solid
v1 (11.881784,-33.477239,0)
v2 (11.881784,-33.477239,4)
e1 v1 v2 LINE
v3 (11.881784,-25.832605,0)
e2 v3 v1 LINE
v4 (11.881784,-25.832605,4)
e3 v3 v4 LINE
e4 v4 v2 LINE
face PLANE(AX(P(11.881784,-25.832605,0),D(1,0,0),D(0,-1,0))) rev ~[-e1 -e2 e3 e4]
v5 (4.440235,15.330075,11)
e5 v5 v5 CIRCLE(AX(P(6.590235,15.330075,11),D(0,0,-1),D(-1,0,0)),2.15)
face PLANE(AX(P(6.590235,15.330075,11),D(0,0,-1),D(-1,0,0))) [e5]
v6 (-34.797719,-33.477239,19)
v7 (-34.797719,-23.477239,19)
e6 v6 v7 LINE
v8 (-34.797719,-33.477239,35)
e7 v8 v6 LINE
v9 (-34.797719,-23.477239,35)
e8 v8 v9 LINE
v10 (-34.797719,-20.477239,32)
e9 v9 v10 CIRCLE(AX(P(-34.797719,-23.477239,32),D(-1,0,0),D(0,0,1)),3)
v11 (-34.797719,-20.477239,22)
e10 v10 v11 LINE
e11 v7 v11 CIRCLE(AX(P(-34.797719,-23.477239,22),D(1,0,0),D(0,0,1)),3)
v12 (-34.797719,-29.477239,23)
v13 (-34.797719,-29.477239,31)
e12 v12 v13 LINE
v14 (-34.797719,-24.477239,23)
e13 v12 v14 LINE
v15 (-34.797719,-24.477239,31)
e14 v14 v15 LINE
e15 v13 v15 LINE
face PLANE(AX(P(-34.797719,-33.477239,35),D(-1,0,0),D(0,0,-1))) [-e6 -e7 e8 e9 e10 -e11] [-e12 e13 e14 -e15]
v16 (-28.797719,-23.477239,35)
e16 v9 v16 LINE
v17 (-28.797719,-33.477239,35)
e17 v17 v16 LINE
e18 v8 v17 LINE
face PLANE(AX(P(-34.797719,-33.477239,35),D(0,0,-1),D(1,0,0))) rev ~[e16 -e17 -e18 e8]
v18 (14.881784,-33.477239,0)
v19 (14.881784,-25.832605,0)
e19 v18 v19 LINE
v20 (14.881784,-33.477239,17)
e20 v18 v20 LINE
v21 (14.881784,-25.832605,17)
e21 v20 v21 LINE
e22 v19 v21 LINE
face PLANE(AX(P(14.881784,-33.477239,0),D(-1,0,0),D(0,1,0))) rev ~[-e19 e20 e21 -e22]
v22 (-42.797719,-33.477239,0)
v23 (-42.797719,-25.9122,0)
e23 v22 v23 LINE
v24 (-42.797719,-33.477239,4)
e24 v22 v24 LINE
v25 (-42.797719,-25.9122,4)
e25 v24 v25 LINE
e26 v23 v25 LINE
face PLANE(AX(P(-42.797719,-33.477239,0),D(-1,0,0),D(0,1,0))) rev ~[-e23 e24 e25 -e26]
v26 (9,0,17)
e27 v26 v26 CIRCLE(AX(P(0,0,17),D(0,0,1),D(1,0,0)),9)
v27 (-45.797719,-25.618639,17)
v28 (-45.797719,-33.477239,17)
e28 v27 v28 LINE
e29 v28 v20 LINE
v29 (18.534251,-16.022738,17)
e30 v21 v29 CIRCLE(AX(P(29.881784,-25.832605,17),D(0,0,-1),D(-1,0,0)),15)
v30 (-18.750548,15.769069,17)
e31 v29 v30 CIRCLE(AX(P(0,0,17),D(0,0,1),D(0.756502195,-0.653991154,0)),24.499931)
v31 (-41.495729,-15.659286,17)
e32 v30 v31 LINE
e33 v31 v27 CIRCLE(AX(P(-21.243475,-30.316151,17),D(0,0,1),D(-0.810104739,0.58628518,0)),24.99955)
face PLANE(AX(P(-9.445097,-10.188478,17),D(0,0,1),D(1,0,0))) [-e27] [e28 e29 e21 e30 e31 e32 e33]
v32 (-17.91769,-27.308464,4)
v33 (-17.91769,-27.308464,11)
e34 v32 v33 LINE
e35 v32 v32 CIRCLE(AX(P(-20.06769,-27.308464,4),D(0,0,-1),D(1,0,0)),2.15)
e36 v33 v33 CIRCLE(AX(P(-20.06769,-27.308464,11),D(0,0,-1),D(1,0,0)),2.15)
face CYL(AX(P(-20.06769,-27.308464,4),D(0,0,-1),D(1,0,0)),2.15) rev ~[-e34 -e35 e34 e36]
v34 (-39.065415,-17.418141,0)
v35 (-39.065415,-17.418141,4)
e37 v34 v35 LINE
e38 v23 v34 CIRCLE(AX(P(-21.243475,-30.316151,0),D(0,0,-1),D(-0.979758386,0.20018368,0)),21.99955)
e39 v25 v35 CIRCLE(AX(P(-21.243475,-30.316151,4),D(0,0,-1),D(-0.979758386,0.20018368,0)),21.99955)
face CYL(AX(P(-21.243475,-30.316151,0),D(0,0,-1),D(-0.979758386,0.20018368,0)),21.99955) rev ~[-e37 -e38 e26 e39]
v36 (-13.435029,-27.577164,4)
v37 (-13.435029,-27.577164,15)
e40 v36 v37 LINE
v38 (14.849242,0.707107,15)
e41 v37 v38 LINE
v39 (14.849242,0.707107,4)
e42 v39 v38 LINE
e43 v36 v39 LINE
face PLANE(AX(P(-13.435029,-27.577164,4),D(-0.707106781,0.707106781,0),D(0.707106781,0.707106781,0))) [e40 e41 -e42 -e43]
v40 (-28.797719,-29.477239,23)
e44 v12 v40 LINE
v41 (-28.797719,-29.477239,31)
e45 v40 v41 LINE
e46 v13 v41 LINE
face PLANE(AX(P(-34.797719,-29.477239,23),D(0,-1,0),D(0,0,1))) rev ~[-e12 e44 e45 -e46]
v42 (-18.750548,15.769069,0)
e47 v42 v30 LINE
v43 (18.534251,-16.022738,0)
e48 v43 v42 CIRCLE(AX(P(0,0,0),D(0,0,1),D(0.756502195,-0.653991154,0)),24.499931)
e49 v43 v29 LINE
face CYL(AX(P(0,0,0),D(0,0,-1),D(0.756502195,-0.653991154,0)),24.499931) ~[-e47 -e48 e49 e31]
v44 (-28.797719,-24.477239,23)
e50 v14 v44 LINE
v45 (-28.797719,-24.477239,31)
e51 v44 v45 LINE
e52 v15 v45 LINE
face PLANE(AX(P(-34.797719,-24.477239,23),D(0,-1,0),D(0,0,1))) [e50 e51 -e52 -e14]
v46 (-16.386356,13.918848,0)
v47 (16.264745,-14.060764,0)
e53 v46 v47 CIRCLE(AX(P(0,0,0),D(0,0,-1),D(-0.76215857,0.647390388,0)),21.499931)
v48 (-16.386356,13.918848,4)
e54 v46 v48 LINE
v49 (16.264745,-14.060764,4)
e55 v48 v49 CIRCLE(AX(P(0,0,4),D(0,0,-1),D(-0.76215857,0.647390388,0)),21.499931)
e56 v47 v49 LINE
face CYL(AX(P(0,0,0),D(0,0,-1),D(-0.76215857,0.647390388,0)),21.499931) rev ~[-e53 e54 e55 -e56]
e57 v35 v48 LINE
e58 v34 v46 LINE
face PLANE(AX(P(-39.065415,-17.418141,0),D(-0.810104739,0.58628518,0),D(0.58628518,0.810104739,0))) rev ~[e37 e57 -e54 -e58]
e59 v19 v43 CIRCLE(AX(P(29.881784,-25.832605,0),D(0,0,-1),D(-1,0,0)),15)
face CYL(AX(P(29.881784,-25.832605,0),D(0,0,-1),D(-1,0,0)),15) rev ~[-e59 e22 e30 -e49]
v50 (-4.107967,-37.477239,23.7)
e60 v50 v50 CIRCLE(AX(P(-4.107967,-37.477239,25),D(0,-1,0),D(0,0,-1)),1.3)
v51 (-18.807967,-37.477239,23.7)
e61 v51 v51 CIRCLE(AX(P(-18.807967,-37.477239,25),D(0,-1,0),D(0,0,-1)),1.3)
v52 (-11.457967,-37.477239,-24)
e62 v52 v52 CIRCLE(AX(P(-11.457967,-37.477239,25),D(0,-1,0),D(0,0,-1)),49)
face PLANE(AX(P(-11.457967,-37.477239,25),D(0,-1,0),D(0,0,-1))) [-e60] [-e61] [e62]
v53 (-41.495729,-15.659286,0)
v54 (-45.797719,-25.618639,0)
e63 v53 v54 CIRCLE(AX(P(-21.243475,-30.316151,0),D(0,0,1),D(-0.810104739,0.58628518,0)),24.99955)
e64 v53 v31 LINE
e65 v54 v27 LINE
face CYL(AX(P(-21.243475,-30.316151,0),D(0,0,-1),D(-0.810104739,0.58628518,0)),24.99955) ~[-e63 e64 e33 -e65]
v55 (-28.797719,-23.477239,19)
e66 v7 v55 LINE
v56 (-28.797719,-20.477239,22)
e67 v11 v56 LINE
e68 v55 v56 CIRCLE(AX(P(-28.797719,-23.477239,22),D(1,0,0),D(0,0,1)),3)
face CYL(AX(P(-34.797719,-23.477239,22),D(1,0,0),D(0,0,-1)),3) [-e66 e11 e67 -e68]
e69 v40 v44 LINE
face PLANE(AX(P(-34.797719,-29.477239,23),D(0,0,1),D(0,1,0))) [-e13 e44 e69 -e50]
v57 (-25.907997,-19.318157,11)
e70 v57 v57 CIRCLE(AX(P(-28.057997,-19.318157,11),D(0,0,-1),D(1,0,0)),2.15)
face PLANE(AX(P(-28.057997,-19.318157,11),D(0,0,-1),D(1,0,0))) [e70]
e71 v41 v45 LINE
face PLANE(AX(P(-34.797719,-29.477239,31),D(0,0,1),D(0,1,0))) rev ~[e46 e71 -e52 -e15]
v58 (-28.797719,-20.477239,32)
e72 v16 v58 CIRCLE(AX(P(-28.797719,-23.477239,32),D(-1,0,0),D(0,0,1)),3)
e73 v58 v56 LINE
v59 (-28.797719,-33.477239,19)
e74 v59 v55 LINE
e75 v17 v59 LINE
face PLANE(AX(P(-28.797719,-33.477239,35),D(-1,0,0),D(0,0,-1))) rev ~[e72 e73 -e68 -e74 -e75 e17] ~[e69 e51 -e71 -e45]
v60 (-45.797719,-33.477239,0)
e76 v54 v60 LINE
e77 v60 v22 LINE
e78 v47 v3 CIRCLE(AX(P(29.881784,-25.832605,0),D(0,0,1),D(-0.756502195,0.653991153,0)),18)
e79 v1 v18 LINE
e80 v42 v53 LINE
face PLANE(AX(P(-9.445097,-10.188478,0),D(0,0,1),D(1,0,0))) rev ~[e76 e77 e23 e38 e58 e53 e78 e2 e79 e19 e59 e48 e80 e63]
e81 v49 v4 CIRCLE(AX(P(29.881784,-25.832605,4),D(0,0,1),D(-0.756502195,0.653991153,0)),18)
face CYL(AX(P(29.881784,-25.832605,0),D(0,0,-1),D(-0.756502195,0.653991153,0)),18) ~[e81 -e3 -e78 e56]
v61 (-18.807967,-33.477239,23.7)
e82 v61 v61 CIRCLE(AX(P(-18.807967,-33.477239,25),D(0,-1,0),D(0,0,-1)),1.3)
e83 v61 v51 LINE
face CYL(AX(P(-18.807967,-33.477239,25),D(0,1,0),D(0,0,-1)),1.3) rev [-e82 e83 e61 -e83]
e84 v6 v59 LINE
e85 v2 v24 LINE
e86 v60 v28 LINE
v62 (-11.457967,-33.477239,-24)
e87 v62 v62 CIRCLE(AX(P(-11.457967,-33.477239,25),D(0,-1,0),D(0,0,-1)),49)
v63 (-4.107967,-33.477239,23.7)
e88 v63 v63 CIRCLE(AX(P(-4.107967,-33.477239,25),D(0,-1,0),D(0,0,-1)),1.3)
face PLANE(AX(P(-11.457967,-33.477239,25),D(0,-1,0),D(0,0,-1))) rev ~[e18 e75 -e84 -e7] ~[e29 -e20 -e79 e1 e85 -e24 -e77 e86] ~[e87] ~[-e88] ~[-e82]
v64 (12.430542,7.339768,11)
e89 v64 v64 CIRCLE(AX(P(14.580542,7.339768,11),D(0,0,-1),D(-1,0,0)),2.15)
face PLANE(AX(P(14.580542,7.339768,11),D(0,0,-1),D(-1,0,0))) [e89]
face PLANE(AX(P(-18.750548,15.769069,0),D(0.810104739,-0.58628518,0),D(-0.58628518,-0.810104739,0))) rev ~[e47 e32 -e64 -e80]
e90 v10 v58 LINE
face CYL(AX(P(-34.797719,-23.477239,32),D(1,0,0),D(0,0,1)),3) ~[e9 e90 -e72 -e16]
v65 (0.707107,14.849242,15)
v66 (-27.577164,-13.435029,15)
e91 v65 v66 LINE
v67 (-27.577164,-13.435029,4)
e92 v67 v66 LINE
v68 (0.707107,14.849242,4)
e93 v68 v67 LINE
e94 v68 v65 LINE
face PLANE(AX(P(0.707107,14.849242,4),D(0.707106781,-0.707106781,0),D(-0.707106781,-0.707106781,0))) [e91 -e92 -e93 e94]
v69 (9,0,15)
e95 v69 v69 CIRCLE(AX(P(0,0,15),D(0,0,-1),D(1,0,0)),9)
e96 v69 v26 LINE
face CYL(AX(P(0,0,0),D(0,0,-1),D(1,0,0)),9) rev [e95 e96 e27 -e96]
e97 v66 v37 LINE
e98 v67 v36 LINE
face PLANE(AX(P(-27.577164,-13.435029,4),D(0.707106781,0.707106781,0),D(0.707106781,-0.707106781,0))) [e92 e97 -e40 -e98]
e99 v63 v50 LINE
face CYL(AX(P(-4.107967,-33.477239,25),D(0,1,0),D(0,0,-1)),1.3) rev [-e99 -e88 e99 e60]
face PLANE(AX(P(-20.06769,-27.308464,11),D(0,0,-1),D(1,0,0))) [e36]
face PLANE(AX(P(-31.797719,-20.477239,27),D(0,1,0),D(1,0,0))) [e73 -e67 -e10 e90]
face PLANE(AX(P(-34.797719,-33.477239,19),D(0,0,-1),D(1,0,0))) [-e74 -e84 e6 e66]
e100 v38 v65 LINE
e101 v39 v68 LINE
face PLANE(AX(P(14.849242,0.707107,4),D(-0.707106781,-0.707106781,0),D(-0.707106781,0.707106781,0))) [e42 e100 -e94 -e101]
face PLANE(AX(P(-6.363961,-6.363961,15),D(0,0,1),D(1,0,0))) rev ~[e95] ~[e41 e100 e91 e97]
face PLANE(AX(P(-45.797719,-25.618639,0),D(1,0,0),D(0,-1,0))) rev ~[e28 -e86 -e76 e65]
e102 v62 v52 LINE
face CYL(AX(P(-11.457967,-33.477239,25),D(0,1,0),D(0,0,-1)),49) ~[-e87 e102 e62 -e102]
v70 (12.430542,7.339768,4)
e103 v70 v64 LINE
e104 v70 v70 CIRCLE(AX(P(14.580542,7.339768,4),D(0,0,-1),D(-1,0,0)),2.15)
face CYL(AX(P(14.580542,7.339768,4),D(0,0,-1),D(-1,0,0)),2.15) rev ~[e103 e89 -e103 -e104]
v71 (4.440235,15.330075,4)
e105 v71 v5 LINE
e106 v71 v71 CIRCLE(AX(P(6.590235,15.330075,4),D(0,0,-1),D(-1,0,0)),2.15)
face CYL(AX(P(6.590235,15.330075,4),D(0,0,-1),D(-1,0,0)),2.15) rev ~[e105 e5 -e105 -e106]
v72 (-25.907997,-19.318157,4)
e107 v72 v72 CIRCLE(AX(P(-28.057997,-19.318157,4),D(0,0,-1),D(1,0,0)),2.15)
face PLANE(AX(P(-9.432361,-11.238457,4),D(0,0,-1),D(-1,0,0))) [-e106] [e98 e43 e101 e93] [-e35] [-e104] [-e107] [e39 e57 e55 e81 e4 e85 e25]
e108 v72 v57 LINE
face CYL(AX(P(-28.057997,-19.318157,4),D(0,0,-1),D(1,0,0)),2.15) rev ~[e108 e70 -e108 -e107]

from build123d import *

# Parameters (mm, degrees)
SKETCH2_R           = 9
BOSS_EXTRUDE1_DEPTH = 17
CUT_EXTRUDE1_DEPTH  = 4
SKETCH5_R           = 9
CUT_EXTRUDE3_DEPTH  = 11
SKETCH7_R           = 2.15
CUT_EXTRUDE4_DEPTH  = 7
SKETCH8_R           = 49
SKETCH8_R_2         = 1.3
BOSS_EXTRUDE2_DEPTH = 4
SKETCH9_W           = 6
SKETCH9_H           = 16
BOSS_EXTRUDE3_DEPTH = 13
FILLET1_R           = 3
SKETCH10_W          = 8
SKETCH10_H          = 5
CUT_EXTRUDE5_DEPTH  = 13


with BuildPart() as part:
    # Sketch2 → Boss-Extrude1 (new body)
    with BuildSketch(Plane.XY):
        with BuildLine():
            Line((14.881784229, -33.477238974), (14.881784229, -25.832605203))
            ThreePointArc((14.881784229, -25.832605203), (15.824526426, -20.598724896), (18.534251304, -16.022737899))
            ThreePointArc((18.534251304, -16.022737899), (15.896271469, 18.642831184), (-18.750548152, 15.769069256))
            Line((-18.750548152, 15.769069256), (-41.495728933, -15.659285702))
            ThreePointArc((-41.495728933, -15.659285702), (-44.193480097, -20.402788352), (-45.797718556, -25.618638973))
            Line((-45.797718556, -25.618638973), (-45.797718556, -33.477238974))
            Line((-45.797718556, -33.477238974), (14.881784229, -33.477238974))
        make_face()
        Circle(SKETCH2_R, mode=Mode.SUBTRACT)
    extrude(amount=BOSS_EXTRUDE1_DEPTH)

    # Sketch4 → Cut-Extrude1 (cut)
    with BuildSketch(Plane(origin=(0, 0, 0), x_dir=(-1, 0, 0), z_dir=(0, 0, -1))):
        with BuildLine():
            Line((-11.881784229, -30.477238974), (-11.881784229, -33.477238974))
            Line((-11.881784229, -33.477238974), (42.797718556, -33.477238974))
            Line((42.797718556, -33.477238974), (42.797718556, -30.477238974))
            Line((42.797718556, -30.477238974), (42.797718556, -25.912200391))
            ThreePointArc((42.797718556, -25.912200391), (41.384433584, -21.466180319), (39.065414716, -17.418141241))
            Line((39.065414716, -17.418141241), (16.386356383, 13.918848439))
            ThreePointArc((16.386356383, 13.918848439), (-13.989938582, 16.325704757), (-16.264744719, -14.060764438))
            ThreePointArc((-16.264744719, -14.060764438), (-13.013074866, -19.551948835), (-11.881784229, -25.832605203))
            Line((-11.881784229, -25.832605203), (-11.881784229, -30.477238974))
        make_face()
    extrude(amount=-CUT_EXTRUDE1_DEPTH, mode=Mode.SUBTRACT)

    # Sketch5 → Cut-Extrude3 (cut)
    with BuildSketch(Plane(origin=(0, 0, 4), x_dir=(-1, 0, 0), z_dir=(0, 0, -1))):
        Polygon((-14.849242405, 0.707106781), (-0.707106781, 14.849242405), (27.577164466, -13.435028843), (13.435028843, -27.577164466), align=None)
        Circle(SKETCH5_R, mode=Mode.SUBTRACT)
    extrude(amount=-CUT_EXTRUDE3_DEPTH, mode=Mode.SUBTRACT)

    # Sketch7 → Cut-Extrude4 (cut)
    with BuildSketch(Plane(origin=(0, 0, 4), x_dir=(-1, 0, 0), z_dir=(0, 0, -1))):
        with Locations((-6.590235201, 15.330075016)):
            Circle(SKETCH7_R)
        with Locations((-14.580541828, 7.339768389)):
            Circle(SKETCH7_R)
        with Locations(Location((20.06769045, -27.308463889, 0), (0, 0, 180))):
            Circle(SKETCH7_R)
        with Locations(Location((28.057997077, -19.318157262, 0), (0, 0, 180))):
            Circle(SKETCH7_R)
    extrude(amount=-CUT_EXTRUDE4_DEPTH, mode=Mode.SUBTRACT)

    # Sketch8 → Boss-Extrude2 (add)
    with BuildSketch(Plane.XZ.offset(33.477238974)):
        with Locations(Location((-11.457967164, 25, 0), (0, 0, 270))):
            Circle(SKETCH8_R)
        with Locations(Location((-18.807967164, 25, 0), (0, 0, 270))):
            Circle(SKETCH8_R_2, mode=Mode.SUBTRACT)
        with Locations(Location((-4.107967164, 25, 0), (0, 0, 270))):
            Circle(SKETCH8_R_2, mode=Mode.SUBTRACT)
    extrude(amount=BOSS_EXTRUDE2_DEPTH)

    # Sketch9 → Boss-Extrude3 (add)
    with BuildSketch(Plane(origin=(0, -33.477238974, 0), x_dir=(1, 0, 0), z_dir=(0, 1, 0))):
        with Locations((-31.797718556, -27)):
            Rectangle(SKETCH9_W, SKETCH9_H)
    extrude(amount=BOSS_EXTRUDE3_DEPTH)

    # Fillet1
    fillet1_edges = [part.edges().sort_by_distance(p)[0] for p in [
        (-31.797718556, -20.477238974, 35),
        (-31.797718556, -20.477238974, 19),
    ]]
    fillet(fillet1_edges, radius=FILLET1_R)

    # Sketch10 → Cut-Extrude5 (cut)
    with BuildSketch(Plane.ZY.offset(34.797718556)):
        with Locations((27, -26.977238974)):
            Rectangle(SKETCH10_W, SKETCH10_H)
    extrude(amount=-CUT_EXTRUDE5_DEPTH, mode=Mode.SUBTRACT)


solid = part.part
